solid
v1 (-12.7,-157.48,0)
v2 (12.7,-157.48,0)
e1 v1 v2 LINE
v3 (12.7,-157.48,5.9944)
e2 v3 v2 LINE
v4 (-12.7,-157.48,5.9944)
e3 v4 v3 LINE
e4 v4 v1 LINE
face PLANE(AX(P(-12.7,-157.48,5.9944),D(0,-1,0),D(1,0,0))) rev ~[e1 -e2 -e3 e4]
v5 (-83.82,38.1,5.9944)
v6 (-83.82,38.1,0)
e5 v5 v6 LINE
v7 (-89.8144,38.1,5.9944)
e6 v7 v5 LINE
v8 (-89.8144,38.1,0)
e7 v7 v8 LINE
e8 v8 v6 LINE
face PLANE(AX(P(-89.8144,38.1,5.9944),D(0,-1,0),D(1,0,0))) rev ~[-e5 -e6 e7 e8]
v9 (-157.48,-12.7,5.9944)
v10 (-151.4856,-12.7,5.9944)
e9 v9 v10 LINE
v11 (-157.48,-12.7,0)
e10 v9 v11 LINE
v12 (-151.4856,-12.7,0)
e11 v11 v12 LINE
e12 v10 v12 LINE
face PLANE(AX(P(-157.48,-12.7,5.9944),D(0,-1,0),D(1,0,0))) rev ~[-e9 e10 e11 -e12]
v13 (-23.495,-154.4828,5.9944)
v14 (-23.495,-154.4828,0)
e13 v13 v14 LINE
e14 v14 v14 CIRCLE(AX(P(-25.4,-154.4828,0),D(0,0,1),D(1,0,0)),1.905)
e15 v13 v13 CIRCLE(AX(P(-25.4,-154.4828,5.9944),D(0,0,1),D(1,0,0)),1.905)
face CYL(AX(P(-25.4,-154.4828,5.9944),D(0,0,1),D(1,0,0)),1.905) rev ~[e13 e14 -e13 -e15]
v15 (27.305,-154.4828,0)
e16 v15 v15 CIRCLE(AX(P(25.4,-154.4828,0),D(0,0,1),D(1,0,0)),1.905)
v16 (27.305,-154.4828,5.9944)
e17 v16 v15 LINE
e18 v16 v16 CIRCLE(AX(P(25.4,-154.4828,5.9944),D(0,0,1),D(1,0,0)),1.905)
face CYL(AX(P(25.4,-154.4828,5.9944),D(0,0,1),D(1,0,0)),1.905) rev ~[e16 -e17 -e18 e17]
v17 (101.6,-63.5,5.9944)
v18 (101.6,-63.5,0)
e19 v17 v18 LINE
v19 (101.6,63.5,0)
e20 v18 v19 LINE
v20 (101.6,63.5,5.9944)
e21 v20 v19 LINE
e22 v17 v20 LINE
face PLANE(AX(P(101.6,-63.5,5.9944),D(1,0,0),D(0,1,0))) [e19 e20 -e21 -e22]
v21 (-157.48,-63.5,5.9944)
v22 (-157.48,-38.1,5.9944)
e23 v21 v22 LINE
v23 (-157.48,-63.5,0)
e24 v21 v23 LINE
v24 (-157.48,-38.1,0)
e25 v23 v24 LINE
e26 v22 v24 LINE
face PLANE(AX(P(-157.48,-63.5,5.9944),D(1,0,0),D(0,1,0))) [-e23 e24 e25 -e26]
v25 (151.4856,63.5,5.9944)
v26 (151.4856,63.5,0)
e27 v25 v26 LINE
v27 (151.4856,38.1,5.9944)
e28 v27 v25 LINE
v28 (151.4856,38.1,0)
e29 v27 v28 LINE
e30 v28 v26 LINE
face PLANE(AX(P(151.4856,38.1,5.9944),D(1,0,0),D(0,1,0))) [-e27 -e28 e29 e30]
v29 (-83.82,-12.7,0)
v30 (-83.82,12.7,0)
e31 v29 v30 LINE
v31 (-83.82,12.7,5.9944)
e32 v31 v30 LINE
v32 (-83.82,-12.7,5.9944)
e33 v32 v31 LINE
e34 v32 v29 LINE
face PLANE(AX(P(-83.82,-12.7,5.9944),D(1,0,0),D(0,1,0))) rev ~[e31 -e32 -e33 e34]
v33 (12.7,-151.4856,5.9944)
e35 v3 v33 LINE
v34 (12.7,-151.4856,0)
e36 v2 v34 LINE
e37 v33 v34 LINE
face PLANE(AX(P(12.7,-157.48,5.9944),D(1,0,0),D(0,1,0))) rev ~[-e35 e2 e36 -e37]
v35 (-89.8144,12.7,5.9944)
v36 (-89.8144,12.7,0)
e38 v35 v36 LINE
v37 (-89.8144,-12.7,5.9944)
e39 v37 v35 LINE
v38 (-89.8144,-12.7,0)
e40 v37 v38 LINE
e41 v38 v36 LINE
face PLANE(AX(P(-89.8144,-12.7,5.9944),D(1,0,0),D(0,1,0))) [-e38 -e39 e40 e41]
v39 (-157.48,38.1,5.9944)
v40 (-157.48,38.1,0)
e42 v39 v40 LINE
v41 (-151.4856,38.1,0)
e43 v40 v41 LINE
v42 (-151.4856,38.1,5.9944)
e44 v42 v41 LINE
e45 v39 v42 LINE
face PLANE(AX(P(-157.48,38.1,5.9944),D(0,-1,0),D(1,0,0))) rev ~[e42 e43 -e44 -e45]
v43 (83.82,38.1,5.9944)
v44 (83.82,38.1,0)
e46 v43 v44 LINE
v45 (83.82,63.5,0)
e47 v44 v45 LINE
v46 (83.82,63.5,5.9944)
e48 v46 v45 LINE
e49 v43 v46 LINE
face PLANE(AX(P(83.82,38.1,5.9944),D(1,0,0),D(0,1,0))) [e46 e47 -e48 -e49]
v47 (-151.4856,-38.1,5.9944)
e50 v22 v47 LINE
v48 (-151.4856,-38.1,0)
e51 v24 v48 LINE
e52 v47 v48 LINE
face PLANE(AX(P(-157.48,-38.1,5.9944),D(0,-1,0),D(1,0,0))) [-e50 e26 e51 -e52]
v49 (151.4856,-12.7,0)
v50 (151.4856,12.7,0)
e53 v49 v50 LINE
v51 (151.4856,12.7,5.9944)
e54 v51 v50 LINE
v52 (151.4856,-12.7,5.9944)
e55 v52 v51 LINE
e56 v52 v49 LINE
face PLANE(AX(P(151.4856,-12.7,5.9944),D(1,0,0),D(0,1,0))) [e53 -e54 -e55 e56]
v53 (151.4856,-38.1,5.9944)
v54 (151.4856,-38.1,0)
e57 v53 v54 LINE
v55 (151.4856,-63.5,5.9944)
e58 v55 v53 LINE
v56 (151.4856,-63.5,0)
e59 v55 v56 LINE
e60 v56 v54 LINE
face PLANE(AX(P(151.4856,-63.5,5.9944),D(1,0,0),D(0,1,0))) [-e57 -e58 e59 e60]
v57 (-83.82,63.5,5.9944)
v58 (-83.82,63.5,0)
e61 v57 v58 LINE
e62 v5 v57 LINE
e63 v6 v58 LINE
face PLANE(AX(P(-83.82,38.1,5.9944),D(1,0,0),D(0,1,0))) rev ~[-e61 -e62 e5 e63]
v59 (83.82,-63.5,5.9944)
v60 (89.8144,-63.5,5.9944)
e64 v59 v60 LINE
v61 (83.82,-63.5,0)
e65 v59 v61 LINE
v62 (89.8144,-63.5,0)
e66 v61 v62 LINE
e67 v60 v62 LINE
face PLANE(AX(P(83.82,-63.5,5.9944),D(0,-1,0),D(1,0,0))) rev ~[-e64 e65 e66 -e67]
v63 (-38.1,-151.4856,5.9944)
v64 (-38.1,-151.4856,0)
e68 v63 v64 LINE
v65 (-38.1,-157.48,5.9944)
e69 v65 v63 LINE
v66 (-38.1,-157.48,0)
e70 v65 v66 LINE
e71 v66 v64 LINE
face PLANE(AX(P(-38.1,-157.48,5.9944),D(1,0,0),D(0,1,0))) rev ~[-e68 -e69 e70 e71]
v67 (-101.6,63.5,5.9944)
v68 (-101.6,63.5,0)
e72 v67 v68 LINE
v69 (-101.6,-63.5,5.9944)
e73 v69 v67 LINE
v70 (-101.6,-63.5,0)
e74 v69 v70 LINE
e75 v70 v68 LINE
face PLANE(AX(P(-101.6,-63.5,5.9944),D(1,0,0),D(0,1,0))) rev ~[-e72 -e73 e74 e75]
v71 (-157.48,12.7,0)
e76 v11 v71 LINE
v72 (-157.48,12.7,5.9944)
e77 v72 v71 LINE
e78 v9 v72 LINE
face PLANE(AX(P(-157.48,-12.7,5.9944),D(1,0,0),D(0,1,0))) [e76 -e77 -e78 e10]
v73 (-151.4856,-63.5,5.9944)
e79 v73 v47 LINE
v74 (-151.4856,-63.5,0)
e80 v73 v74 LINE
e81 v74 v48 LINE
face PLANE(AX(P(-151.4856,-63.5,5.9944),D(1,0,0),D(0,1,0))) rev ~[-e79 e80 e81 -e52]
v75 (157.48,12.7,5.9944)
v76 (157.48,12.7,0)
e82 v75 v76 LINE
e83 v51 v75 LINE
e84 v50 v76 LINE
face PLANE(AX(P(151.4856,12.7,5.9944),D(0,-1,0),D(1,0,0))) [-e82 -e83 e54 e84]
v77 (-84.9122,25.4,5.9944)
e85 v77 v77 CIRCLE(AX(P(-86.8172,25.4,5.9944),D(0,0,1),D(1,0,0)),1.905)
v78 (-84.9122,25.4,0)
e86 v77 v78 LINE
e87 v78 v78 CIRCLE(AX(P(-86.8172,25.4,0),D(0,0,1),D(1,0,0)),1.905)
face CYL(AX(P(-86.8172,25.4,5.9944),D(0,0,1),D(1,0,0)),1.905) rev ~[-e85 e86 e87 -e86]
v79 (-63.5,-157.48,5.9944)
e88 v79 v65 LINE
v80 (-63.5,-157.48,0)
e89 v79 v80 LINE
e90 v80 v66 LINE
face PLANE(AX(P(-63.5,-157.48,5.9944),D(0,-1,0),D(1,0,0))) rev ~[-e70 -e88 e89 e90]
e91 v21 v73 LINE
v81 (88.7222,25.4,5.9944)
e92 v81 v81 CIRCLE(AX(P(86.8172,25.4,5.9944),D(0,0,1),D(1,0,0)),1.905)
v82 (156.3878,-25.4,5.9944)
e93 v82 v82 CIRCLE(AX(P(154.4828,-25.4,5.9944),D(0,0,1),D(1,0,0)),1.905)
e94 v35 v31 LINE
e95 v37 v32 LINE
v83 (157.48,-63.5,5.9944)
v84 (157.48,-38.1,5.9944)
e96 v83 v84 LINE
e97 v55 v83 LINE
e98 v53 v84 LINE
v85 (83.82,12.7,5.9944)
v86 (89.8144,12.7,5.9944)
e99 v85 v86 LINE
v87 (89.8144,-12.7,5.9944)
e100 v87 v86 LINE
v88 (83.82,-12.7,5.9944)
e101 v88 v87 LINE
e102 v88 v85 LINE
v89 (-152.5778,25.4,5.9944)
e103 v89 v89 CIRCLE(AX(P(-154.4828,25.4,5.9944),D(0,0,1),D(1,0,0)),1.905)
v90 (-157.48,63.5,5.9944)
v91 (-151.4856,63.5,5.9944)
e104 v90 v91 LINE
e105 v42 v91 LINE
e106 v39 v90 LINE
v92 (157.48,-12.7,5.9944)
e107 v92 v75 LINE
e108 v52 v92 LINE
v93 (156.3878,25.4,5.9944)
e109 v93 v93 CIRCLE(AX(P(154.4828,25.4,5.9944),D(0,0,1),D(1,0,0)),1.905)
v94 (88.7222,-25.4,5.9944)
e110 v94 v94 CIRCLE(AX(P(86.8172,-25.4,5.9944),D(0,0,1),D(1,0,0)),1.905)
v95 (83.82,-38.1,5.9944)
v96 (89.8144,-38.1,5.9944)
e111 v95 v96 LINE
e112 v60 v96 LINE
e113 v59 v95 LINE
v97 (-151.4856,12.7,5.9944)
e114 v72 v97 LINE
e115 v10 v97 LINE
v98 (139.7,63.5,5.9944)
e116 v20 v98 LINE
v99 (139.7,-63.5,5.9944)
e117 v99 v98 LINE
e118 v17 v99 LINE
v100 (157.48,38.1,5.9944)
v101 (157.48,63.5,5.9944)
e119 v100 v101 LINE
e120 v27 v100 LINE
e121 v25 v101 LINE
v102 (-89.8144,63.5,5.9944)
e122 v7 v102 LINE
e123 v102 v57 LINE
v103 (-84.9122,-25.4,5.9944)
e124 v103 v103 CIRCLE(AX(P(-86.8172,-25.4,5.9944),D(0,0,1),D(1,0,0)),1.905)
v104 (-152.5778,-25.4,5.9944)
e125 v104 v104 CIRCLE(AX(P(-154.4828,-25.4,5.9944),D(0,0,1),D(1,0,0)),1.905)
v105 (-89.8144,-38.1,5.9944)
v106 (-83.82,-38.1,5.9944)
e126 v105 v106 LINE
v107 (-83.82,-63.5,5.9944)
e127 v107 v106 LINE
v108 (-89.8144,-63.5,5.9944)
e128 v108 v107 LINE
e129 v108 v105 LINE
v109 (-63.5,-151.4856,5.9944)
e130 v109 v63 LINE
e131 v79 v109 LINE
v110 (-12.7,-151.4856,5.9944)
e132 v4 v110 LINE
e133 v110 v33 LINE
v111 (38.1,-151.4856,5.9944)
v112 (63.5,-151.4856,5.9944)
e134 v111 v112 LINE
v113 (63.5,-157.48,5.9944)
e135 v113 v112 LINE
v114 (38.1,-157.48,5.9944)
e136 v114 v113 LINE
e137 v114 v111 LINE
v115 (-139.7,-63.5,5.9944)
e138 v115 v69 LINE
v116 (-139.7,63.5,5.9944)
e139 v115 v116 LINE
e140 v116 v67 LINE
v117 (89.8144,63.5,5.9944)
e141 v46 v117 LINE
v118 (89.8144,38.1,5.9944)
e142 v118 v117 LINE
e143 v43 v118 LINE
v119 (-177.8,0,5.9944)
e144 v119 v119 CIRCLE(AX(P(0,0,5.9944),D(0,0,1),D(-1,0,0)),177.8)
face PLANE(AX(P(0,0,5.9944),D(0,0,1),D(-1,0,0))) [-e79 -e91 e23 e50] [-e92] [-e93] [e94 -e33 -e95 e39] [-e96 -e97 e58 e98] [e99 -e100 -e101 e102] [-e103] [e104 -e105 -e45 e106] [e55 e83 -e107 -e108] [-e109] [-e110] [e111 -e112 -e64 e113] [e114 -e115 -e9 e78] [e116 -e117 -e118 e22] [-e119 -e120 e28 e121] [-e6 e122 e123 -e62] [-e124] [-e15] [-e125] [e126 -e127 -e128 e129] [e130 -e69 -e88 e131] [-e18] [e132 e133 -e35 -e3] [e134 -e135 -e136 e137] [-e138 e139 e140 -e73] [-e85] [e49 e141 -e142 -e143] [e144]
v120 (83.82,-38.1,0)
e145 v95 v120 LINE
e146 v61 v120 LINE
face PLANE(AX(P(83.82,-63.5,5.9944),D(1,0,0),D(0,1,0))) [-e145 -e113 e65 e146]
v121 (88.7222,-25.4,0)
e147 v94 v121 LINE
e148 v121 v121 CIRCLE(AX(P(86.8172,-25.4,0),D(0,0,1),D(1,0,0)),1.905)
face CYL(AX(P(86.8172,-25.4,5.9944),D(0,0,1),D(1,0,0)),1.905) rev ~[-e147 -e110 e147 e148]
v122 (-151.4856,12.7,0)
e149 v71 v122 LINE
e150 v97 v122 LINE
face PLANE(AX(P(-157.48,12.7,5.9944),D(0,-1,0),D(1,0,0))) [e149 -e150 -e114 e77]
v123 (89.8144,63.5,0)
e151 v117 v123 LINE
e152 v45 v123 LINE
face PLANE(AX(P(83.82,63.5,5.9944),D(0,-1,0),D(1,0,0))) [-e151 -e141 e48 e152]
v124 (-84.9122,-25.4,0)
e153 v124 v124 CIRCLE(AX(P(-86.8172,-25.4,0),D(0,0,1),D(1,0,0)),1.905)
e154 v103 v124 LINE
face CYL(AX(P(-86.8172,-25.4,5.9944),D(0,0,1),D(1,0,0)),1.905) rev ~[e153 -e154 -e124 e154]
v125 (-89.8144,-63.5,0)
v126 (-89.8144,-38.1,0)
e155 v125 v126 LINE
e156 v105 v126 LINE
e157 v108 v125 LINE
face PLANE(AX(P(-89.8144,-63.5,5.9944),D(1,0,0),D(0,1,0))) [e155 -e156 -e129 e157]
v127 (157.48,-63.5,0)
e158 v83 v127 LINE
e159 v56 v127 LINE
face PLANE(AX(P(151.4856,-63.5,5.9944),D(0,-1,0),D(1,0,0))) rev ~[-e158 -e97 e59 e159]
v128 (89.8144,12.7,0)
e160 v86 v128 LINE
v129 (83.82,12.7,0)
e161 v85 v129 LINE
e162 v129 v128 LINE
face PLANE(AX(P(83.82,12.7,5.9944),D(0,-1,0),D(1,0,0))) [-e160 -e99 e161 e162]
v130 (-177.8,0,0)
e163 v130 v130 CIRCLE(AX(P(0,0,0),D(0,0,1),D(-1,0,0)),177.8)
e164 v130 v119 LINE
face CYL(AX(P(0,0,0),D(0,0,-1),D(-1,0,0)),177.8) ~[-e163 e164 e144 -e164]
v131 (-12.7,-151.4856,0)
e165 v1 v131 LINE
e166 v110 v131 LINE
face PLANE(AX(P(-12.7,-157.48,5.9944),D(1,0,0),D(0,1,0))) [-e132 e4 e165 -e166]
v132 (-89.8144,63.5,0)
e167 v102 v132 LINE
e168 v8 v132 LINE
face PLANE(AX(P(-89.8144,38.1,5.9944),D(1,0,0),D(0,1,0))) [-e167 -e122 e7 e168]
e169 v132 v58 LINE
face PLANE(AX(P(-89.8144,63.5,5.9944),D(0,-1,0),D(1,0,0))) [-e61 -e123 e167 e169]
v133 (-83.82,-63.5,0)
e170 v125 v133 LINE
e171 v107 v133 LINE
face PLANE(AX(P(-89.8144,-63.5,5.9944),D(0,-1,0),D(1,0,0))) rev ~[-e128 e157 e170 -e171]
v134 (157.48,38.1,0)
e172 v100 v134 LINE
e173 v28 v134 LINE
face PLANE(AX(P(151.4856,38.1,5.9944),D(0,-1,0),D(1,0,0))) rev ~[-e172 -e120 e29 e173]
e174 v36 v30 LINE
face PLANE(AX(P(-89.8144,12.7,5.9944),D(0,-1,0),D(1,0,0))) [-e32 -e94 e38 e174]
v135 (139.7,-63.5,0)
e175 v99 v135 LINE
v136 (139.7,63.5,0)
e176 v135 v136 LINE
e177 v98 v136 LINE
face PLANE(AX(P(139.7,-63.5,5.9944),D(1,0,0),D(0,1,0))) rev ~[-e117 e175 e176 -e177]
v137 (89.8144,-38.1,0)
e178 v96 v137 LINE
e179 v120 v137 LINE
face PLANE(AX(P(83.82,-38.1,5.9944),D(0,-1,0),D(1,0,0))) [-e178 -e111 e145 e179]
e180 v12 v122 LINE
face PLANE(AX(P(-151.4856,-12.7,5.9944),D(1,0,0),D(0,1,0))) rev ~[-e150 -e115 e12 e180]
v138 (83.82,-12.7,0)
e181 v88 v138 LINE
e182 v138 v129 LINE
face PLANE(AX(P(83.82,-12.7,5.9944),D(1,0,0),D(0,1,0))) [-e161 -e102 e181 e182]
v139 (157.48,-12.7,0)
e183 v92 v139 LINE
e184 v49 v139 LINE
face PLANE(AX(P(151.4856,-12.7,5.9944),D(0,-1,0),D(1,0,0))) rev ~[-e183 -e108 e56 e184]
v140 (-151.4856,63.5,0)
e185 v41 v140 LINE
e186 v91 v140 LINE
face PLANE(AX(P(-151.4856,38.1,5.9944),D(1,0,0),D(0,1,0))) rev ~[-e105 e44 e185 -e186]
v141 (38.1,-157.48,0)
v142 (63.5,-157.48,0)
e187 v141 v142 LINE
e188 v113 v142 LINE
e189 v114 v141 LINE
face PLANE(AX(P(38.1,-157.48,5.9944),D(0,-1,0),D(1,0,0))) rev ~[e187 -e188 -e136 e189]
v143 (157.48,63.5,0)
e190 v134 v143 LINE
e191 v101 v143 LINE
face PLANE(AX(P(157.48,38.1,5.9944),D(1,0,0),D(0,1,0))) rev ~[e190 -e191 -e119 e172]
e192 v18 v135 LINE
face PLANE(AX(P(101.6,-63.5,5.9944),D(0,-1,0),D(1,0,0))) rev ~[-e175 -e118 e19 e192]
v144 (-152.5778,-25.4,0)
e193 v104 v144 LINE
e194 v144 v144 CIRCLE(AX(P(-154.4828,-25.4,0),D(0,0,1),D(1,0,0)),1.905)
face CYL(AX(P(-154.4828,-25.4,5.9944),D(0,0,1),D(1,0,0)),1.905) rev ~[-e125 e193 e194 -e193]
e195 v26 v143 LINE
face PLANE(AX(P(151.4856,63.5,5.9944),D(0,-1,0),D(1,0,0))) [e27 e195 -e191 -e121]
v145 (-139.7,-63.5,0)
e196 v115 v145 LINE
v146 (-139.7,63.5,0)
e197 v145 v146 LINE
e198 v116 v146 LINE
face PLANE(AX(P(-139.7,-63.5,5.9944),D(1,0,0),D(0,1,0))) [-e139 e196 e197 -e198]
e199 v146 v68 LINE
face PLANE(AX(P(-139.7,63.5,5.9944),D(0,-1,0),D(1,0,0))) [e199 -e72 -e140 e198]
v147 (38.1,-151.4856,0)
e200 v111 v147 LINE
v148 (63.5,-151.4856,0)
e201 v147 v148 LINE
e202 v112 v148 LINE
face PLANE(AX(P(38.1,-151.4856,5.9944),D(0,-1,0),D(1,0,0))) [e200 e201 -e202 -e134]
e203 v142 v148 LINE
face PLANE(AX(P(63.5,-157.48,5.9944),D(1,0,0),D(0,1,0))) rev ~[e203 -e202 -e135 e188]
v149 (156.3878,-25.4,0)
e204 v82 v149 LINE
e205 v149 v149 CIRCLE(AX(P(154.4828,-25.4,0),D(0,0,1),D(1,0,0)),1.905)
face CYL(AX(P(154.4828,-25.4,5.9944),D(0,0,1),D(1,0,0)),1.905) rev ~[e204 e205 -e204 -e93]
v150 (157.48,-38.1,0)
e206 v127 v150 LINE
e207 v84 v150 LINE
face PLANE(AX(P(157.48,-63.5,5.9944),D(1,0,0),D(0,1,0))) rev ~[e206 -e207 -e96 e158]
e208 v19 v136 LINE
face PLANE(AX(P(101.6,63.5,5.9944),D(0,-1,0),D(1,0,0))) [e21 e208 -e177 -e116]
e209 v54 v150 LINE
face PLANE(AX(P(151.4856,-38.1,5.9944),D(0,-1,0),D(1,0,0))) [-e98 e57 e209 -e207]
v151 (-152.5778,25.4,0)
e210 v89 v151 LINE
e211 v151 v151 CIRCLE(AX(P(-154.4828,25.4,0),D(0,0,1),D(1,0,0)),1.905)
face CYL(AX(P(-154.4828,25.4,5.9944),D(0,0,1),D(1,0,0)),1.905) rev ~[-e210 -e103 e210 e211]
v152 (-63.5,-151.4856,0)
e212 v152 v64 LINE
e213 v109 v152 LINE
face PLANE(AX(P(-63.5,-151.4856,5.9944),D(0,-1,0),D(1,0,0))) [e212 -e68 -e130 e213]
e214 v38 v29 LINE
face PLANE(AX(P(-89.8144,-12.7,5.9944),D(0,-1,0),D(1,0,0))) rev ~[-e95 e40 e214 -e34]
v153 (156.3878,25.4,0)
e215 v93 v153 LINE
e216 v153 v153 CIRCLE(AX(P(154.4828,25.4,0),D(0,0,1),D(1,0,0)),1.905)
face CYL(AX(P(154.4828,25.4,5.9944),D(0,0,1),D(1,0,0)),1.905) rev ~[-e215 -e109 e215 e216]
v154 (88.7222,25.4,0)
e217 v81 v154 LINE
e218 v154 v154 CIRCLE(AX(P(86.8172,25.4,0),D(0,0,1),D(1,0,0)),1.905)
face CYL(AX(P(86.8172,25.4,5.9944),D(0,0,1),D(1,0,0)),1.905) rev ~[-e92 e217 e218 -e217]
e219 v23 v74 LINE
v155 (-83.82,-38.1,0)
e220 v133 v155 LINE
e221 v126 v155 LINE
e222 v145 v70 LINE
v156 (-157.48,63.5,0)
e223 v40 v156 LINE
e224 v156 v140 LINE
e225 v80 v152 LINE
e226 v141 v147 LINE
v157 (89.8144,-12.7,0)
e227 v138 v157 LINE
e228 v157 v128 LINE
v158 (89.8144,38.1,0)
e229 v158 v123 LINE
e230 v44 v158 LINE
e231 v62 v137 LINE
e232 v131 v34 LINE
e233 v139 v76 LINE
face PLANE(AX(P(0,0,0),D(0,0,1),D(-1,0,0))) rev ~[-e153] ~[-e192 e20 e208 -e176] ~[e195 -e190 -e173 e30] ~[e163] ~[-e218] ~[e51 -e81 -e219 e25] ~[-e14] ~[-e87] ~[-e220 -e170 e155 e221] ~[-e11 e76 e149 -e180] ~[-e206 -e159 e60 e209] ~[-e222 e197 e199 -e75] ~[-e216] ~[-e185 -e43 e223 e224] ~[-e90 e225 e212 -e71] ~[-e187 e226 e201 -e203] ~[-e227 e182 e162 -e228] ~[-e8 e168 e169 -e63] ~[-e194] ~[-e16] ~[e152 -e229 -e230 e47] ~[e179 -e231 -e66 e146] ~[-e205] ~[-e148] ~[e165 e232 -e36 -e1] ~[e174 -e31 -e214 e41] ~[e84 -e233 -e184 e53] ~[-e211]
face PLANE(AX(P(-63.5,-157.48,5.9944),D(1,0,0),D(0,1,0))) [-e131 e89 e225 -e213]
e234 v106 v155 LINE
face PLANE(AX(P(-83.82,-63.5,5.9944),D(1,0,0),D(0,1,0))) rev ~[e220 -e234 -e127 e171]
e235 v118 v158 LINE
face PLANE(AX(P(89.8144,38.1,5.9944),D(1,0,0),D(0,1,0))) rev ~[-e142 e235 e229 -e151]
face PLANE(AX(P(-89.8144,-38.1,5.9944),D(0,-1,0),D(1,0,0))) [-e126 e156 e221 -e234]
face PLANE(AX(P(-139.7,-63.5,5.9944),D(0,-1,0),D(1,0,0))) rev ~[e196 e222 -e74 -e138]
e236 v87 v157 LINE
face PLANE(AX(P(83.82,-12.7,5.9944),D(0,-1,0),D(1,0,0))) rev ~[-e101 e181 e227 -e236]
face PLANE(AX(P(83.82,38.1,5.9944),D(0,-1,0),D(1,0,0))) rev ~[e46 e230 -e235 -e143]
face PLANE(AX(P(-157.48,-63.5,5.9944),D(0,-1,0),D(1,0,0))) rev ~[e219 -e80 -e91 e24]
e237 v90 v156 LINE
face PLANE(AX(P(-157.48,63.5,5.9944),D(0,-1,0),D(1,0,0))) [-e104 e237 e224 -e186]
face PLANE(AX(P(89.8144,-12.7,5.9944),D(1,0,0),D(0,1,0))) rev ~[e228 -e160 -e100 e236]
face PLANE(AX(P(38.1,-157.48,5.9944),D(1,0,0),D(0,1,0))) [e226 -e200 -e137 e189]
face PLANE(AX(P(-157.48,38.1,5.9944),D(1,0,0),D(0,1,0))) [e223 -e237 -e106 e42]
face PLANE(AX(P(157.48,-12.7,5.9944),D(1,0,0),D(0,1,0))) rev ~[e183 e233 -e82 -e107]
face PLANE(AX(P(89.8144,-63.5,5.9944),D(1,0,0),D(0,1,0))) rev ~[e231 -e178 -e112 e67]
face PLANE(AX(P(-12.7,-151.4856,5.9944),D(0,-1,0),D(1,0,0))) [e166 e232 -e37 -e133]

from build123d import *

# Parameters (mm, degrees)
SKETCH1_R           = 177.8
BOSS_EXTRUDE1_DEPTH = 5.9944
SKETCH3_R           = 1.905
SKETCH3_W           = 5.9944
SKETCH3_H           = 25.4
SKETCH3_W_2         = 38.1
SKETCH3_H_2         = 127
SKETCH3_W_3         = 25.4
SKETCH3_H_3         = 5.9944
CUT_EXTRUDE1_DEPTH  = 5.9944


with BuildPart() as part:
    # Sketch1 → Boss-Extrude1 (new body)
    with BuildSketch(Plane.XY):
        with Locations(Location((0, 0, 0), (0, 0, 180))):
            Circle(SKETCH1_R)
    extrude(amount=BOSS_EXTRUDE1_DEPTH)

    # Sketch3 → Cut-Extrude1 (cut)
    with BuildSketch(Plane.XY.offset(5.9944)):
        with Locations((-154.4828, 25.4)):
            Circle(SKETCH3_R)
        with Locations((-154.4828, -25.4)):
            Circle(SKETCH3_R)
        with Locations((-86.8172, -25.4)):
            Circle(SKETCH3_R)
        with Locations((-86.8172, 25.4)):
            Circle(SKETCH3_R)
        with Locations((86.8172, -25.4)):
            Circle(SKETCH3_R)
        with Locations((154.4828, -25.4)):
            Circle(SKETCH3_R)
        with Locations((86.8172, 25.4)):
            Circle(SKETCH3_R)
        with Locations((154.4828, 25.4)):
            Circle(SKETCH3_R)
        with Locations((-25.4, -154.4828)):
            Circle(SKETCH3_R)
        with Locations((25.4, -154.4828)):
            Circle(SKETCH3_R)
        with Locations((-154.4828, -50.8)):
            Rectangle(SKETCH3_W, SKETCH3_H)
        with Locations((-120.65, 0)):
            Rectangle(SKETCH3_W_2, SKETCH3_H_2)
        with Locations((-154.4828, 50.8)):
            Rectangle(SKETCH3_W, SKETCH3_H)
        with Locations((-154.4828, 0)):
            Rectangle(SKETCH3_W, SKETCH3_H)
        with Locations((154.4828, 0)):
            Rectangle(SKETCH3_W, SKETCH3_H)
        with Locations((154.4828, -50.8)):
            Rectangle(SKETCH3_W, SKETCH3_H)
        with Locations((154.4828, 50.8)):
            Rectangle(SKETCH3_W, SKETCH3_H)
        with Locations((120.65, 0)):
            Rectangle(SKETCH3_W_2, SKETCH3_H_2)
        with Locations((-86.8172, 0)):
            Rectangle(SKETCH3_W, SKETCH3_H)
        with Locations((-86.8172, -50.8)):
            Rectangle(SKETCH3_W, SKETCH3_H)
        with Locations((-86.8172, 50.8)):
            Rectangle(SKETCH3_W, SKETCH3_H)
        with Locations((86.8172, -50.8)):
            Rectangle(SKETCH3_W, SKETCH3_H)
        with Locations((86.8172, 50.8)):
            Rectangle(SKETCH3_W, SKETCH3_H)
        with Locations((86.8172, 0)):
            Rectangle(SKETCH3_W, SKETCH3_H)
        with Locations((50.8, -154.4828)):
            Rectangle(SKETCH3_W_3, SKETCH3_H_3)
        with Locations((-50.8, -154.4828)):
            Rectangle(SKETCH3_W_3, SKETCH3_H_3)
        with Locations((0, -154.4828)):
            Rectangle(SKETCH3_W_3, SKETCH3_H_3)
    extrude(amount=-CUT_EXTRUDE1_DEPTH, mode=Mode.SUBTRACT)


solid = part.part
